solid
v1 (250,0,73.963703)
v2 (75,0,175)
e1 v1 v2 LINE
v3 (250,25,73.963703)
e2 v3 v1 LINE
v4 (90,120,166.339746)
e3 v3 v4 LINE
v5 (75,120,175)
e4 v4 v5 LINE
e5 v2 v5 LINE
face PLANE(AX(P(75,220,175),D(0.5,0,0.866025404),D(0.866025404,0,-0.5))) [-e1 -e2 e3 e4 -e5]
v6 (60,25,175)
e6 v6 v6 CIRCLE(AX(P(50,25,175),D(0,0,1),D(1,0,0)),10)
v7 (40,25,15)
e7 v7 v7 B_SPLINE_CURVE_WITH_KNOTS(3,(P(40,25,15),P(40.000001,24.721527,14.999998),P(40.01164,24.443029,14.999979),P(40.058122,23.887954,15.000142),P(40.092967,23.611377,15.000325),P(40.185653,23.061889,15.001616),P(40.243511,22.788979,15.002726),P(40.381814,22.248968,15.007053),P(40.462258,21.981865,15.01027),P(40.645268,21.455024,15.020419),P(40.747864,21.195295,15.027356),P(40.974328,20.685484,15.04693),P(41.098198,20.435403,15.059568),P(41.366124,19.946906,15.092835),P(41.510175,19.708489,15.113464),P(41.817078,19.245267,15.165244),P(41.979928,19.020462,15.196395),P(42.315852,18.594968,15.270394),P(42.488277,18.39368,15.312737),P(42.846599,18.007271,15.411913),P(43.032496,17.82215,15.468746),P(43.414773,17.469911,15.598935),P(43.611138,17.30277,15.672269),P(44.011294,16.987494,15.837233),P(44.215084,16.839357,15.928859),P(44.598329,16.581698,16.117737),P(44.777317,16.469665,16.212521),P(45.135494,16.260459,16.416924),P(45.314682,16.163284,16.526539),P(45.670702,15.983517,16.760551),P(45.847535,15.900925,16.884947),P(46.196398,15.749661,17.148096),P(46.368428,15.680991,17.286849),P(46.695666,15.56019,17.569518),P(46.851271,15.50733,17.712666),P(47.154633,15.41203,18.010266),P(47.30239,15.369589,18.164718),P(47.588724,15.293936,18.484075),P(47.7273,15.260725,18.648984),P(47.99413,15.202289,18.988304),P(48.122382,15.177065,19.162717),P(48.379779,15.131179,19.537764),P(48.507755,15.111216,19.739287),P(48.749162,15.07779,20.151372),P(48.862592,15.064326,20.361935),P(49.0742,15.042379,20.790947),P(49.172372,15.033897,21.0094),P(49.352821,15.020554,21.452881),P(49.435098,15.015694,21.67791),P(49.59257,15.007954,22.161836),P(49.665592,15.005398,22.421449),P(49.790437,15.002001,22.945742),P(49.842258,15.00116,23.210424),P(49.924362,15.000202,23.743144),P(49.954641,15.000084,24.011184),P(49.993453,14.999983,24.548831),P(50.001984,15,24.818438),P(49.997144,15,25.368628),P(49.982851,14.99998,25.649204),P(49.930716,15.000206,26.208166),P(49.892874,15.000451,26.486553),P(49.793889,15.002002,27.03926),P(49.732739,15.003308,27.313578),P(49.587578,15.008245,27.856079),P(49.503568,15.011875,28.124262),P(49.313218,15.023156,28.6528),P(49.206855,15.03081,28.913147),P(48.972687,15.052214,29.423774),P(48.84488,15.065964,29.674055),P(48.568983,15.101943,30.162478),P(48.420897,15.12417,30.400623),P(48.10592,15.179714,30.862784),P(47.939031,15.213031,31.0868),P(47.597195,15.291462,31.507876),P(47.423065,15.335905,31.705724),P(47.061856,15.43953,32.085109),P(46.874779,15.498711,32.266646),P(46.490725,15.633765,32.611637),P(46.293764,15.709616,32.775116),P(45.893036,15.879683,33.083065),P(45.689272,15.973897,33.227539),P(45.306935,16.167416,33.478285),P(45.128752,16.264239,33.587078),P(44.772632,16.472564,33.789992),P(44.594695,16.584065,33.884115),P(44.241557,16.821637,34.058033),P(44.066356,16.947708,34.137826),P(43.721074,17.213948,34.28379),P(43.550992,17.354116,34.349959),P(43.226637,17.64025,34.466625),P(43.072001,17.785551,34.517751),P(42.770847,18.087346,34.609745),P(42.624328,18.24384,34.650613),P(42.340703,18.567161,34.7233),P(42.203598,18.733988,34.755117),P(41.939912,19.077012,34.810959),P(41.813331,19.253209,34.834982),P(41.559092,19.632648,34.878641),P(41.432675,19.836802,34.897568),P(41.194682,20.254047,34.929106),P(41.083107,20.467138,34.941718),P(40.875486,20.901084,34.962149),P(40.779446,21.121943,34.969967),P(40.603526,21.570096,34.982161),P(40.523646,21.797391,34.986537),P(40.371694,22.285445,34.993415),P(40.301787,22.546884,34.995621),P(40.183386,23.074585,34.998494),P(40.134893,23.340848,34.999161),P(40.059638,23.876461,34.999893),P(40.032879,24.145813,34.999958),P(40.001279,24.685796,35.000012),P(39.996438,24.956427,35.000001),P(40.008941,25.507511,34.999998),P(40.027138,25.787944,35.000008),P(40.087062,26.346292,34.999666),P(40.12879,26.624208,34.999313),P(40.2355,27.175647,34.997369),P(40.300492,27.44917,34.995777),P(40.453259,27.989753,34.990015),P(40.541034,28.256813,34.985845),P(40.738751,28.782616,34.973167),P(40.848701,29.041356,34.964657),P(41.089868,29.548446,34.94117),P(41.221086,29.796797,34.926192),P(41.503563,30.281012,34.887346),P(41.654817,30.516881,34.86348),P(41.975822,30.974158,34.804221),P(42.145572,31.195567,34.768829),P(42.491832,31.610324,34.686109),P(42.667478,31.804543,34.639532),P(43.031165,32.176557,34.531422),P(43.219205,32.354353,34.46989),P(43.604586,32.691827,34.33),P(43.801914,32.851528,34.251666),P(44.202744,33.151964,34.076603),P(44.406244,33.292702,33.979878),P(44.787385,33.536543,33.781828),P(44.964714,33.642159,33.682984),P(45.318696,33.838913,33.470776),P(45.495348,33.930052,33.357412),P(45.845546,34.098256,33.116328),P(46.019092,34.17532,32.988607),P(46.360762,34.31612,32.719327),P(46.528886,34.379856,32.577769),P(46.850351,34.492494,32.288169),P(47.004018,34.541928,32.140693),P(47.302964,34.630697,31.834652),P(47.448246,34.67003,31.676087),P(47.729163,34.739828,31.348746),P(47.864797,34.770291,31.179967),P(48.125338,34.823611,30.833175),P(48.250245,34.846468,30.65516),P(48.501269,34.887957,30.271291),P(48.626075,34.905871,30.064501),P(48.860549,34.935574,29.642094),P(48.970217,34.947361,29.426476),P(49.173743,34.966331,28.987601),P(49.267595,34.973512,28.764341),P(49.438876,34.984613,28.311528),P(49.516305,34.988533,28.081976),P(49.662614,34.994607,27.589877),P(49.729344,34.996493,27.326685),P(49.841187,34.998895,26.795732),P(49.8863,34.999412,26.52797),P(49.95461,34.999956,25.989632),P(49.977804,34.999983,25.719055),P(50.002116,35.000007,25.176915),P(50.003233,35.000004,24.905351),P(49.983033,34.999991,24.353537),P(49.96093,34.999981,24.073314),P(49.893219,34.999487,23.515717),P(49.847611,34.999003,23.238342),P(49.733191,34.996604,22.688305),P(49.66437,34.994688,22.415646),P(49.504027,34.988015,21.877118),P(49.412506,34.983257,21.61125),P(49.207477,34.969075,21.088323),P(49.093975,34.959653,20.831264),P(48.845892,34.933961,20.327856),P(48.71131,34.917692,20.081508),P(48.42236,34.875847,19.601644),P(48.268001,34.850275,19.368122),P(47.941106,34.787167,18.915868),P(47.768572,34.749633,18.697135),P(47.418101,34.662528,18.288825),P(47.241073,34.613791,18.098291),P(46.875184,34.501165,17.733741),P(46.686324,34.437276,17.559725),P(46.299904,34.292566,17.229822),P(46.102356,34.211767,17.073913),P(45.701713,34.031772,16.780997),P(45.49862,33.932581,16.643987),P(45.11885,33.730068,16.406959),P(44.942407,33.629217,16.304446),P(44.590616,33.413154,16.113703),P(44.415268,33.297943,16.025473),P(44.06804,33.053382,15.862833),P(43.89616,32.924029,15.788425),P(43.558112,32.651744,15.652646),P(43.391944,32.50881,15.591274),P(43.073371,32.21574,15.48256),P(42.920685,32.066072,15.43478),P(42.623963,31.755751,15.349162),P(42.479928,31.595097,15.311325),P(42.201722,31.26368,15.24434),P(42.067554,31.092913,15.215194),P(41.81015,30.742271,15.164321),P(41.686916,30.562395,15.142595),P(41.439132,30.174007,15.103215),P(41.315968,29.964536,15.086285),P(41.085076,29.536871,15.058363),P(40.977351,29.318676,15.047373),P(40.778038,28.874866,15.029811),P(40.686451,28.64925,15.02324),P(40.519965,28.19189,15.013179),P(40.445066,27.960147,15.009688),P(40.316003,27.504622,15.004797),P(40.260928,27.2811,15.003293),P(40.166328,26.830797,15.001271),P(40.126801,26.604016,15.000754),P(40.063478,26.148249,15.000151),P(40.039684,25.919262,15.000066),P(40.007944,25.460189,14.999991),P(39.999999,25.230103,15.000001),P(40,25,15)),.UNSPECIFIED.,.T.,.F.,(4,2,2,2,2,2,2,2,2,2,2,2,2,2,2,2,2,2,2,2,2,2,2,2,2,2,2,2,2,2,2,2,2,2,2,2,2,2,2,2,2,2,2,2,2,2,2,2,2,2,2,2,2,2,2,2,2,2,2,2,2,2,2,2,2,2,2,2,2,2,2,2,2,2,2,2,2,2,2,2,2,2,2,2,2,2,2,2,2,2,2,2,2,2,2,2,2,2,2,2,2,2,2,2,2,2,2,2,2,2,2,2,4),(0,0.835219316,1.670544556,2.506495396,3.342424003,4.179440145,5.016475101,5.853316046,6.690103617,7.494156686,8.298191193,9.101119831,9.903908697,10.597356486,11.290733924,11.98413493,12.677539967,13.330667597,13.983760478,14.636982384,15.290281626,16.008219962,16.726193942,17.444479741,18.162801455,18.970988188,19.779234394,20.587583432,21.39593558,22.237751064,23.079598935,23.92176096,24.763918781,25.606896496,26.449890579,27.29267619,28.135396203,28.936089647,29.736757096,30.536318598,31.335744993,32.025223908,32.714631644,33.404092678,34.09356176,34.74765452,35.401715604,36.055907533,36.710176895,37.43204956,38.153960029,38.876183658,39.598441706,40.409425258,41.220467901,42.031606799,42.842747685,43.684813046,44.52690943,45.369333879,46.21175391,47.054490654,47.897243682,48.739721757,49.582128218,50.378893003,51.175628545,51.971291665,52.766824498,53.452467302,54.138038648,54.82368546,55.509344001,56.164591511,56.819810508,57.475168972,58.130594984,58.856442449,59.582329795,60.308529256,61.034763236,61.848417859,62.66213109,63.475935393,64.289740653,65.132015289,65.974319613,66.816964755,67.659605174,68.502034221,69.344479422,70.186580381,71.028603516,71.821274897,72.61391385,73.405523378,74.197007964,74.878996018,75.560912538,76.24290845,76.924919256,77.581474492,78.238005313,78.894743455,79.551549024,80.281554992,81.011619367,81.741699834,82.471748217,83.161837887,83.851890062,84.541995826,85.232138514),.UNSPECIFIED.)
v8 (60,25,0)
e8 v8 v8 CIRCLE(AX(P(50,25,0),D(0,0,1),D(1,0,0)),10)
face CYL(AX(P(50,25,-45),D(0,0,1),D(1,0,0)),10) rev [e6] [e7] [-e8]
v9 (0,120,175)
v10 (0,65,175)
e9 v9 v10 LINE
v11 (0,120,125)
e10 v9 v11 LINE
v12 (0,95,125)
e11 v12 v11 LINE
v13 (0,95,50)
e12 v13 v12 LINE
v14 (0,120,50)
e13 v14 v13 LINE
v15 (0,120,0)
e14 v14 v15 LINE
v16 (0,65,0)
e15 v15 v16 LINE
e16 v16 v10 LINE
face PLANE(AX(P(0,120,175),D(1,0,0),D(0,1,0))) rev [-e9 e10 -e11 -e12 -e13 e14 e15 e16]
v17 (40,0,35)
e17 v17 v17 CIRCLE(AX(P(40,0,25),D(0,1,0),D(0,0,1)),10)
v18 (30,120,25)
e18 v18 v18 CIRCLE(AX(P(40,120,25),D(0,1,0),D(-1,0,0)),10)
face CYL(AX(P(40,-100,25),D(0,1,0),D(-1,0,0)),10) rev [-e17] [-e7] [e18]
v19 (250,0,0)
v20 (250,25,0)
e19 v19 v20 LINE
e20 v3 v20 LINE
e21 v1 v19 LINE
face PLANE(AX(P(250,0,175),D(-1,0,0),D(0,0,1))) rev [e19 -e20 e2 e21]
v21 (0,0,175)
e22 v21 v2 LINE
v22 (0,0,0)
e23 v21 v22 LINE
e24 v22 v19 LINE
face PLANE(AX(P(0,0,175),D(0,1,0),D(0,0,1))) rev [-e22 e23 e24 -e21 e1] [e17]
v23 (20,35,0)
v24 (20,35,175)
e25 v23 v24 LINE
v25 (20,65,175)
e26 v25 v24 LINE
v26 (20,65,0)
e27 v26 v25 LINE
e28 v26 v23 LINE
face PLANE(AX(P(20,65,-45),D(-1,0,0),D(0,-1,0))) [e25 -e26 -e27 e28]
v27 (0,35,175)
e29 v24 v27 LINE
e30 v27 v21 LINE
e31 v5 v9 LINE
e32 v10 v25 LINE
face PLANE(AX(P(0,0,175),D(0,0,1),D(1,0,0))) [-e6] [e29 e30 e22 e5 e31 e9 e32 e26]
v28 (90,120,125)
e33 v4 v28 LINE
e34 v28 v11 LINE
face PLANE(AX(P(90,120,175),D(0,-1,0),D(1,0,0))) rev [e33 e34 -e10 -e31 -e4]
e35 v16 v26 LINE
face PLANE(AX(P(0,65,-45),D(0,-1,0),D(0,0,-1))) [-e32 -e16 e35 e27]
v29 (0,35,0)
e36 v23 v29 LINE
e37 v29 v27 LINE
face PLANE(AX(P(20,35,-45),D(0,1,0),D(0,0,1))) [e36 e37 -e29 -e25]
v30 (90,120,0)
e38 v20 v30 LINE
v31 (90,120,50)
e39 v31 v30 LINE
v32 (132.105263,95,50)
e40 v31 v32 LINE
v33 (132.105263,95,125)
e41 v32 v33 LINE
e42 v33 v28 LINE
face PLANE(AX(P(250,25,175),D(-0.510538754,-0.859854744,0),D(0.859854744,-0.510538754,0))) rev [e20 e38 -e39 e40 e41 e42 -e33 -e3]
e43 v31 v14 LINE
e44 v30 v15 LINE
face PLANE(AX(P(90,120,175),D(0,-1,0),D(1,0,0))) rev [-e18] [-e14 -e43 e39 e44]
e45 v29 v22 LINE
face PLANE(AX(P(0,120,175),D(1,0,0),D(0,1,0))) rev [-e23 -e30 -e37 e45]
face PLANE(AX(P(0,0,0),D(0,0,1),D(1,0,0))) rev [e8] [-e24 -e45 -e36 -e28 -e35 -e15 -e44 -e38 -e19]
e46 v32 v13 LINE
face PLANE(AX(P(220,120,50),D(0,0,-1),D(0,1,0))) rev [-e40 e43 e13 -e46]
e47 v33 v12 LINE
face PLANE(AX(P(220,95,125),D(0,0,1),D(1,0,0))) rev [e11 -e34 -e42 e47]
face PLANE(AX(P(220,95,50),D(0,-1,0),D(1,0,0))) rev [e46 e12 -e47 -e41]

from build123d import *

# Parameters (mm, degrees)
EXTRUDE_3_DEPTH     = 175
CUT_EXTRUDE_2_DEPTH = 220
SKETCH_9_W          = 75
SKETCH_9_H          = 25
CUT_EXTRUDE_3_DEPTH = 220
SKETCH_10_W         = 20
SKETCH_10_H         = 30
CUT_EXTRUDE_4_DEPTH = 220
SKETCH_11_R         = 10
CUT_EXTRUDE_5_DEPTH = 220
SKETCH_12_R         = 10
CUT_EXTRUDE_6_DEPTH = 220


with BuildPart() as part:
    # 草图7 → 凸台-拉伸3 (new body)
    with BuildSketch(Plane.XY):
        Polygon((0, 0), (250, 0), (250, 25), (90, 120), (0, 120), align=None)
    extrude(amount=EXTRUDE_3_DEPTH)

    # 草图8 → 切除-拉伸2 (cut)
    with BuildSketch(Plane(origin=(0, 0, 0), x_dir=(1, 0, 0), z_dir=(0, 1, 0))):
        Polygon((75, -175), (250, -73.963702892), (250, -175), align=None)
    extrude(amount=CUT_EXTRUDE_2_DEPTH, mode=Mode.SUBTRACT)

    # 草图9 → 切除-拉伸3 (cut)
    with BuildSketch(Plane.ZY):
        with Locations((87.5, 107.5)):
            Rectangle(SKETCH_9_W, SKETCH_9_H)
    extrude(amount=-CUT_EXTRUDE_3_DEPTH, mode=Mode.SUBTRACT)

    # 草图10 → 切除-拉伸4 (cut)
    with BuildSketch(Plane.XY.offset(175)):
        with Locations((10, 50)):
            Rectangle(SKETCH_10_W, SKETCH_10_H)
    extrude(amount=-CUT_EXTRUDE_4_DEPTH, mode=Mode.SUBTRACT)

    # 草图11 → 切除-拉伸5 (cut)
    with BuildSketch(Plane.XY.offset(175)):
        with Locations((50, 25)):
            Circle(SKETCH_11_R)
    extrude(amount=-CUT_EXTRUDE_5_DEPTH, mode=Mode.SUBTRACT)

    # 草图12 → 切除-拉伸6 (cut)
    with BuildSketch(Plane(origin=(0, 120, 0), x_dir=(1, 0, 0), z_dir=(0, 1, 0))):
        with Locations(Location((40, -25, 0), (0, 0, 180))):
            Circle(SKETCH_12_R)
    extrude(amount=-CUT_EXTRUDE_6_DEPTH, mode=Mode.SUBTRACT)


solid = part.part
